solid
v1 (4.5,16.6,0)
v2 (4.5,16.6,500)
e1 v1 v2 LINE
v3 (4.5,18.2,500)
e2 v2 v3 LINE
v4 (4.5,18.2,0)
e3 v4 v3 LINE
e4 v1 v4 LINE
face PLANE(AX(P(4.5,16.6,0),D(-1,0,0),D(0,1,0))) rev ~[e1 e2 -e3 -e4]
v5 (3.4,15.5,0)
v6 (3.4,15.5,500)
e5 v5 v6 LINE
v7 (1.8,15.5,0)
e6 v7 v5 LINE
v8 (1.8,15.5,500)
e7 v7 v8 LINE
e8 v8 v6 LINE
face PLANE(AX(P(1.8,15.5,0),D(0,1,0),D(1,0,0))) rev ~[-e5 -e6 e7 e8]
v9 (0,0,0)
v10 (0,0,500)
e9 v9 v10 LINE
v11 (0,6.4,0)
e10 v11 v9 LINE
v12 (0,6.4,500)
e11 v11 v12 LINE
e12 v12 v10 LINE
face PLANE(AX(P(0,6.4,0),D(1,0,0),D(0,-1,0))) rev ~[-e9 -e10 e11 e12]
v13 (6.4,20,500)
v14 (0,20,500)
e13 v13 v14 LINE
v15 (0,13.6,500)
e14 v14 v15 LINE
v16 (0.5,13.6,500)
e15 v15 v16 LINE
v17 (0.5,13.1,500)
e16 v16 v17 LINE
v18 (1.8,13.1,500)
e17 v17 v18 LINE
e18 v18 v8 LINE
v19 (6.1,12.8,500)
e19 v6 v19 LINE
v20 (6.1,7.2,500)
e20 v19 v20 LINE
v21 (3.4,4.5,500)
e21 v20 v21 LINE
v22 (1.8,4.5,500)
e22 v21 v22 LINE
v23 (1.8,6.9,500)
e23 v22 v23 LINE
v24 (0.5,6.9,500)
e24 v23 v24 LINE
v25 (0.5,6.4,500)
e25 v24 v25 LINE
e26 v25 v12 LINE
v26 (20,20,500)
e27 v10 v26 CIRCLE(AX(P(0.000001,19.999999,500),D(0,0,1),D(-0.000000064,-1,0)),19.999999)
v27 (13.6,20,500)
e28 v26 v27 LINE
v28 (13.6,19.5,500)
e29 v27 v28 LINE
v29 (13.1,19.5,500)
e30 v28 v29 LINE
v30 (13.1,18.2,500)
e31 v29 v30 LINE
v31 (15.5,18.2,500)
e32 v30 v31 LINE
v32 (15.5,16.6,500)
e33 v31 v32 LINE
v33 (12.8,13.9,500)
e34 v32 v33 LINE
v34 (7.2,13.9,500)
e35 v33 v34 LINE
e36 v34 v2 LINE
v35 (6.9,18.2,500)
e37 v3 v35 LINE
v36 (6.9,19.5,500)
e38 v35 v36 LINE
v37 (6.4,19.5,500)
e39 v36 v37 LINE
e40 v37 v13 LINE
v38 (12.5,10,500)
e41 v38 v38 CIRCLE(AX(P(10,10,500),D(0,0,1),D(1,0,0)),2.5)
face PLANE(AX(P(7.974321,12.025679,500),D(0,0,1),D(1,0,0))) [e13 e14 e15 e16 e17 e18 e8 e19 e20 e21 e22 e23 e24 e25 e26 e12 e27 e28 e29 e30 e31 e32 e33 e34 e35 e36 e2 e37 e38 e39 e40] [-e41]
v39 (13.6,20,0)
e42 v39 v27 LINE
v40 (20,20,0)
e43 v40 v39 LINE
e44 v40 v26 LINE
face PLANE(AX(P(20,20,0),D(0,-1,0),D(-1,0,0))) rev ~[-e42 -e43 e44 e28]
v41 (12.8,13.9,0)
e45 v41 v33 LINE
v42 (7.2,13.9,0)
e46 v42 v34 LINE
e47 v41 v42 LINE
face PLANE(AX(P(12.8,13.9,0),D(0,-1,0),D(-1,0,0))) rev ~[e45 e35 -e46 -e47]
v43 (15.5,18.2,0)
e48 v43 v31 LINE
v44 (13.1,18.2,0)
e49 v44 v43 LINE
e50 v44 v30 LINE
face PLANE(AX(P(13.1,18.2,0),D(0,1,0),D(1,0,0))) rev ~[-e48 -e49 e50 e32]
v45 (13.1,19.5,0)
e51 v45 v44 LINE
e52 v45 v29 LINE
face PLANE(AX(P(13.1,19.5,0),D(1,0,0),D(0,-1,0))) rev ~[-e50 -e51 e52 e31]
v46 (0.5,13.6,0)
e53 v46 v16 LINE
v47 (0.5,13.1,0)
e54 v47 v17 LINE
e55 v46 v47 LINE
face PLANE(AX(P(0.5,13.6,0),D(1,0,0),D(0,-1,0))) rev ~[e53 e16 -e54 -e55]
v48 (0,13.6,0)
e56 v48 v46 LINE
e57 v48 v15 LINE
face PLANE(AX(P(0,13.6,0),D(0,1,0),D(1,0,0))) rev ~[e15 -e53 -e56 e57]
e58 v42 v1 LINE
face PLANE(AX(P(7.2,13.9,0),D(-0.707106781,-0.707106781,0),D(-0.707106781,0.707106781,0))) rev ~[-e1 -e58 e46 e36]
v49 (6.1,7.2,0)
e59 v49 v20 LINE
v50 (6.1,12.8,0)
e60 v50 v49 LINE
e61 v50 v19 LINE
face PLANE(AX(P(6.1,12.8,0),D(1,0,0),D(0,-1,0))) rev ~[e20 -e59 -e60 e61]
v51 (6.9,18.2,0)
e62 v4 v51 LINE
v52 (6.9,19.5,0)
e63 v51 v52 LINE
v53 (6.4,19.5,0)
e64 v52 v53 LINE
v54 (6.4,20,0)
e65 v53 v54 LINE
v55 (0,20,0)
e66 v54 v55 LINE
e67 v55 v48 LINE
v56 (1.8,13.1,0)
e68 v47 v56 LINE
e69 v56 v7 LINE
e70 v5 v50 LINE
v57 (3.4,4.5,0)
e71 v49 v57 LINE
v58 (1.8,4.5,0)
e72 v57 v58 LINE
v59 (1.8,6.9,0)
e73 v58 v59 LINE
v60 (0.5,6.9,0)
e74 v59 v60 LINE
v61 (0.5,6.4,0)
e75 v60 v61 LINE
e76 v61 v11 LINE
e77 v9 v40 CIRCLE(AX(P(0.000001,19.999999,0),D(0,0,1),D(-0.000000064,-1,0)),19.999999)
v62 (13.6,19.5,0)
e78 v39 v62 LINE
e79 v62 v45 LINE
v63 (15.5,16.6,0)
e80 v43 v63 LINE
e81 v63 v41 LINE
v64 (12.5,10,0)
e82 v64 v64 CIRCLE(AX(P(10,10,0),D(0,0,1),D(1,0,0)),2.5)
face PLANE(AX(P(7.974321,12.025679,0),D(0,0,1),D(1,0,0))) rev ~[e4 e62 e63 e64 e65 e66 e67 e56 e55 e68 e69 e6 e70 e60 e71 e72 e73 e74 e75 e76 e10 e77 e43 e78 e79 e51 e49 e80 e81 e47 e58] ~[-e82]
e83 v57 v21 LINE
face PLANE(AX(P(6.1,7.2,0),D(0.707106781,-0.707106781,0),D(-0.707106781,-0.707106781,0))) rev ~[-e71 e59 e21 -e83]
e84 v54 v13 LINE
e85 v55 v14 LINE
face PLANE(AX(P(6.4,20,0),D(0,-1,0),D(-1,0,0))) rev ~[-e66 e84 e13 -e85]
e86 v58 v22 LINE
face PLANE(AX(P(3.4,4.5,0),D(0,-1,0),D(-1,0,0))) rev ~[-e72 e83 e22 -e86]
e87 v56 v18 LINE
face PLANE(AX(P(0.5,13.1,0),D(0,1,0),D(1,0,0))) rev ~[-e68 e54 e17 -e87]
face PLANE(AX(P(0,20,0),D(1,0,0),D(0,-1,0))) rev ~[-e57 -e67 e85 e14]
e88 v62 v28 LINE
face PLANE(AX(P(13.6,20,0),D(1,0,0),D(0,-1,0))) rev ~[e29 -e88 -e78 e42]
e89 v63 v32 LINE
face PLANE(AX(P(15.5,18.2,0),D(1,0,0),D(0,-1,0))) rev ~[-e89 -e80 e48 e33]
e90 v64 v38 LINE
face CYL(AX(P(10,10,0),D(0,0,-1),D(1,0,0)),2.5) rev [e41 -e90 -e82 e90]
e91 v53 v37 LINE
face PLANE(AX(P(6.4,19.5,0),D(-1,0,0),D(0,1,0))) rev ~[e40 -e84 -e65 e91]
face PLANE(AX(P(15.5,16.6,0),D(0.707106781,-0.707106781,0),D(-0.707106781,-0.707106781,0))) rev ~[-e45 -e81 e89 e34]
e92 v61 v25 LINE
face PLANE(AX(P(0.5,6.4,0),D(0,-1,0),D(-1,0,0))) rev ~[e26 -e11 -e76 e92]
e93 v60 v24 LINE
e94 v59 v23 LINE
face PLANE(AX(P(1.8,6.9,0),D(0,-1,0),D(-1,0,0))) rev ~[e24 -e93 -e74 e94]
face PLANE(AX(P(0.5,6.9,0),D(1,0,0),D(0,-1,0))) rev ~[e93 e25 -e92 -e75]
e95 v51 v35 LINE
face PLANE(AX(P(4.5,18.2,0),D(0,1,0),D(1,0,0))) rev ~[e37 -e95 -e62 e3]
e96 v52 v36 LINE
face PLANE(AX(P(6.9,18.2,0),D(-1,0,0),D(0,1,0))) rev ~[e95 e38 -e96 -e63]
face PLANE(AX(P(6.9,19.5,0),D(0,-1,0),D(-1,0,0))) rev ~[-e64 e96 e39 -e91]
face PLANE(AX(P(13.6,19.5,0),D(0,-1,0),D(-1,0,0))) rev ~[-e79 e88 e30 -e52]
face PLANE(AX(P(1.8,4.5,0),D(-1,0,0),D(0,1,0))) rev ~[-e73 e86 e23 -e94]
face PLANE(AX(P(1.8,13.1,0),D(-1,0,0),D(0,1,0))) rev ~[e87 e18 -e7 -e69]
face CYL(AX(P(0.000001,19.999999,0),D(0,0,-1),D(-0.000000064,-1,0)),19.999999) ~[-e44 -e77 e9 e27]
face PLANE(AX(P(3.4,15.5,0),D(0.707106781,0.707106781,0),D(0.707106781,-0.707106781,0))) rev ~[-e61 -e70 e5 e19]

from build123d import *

# Parameters (mm, degrees)
F0_R     = 2.5
F1_DEPTH = 500


with BuildPart() as f1:
    # F0 (on Top) → F1 (new body)
    with BuildSketch(Plane.XY):
        with BuildLine():
            Line((0, 6.4), (0, 0))
            ThreePointArc((0, 0), (14.142136, 5.857864), (20, 20))
            Line((20, 20), (13.6, 20))
            Line((13.6, 20), (13.6, 19.5))
            Line((13.6, 19.5), (13.1, 19.5))
            Line((13.1, 19.5), (13.1, 18.2))
            Line((13.1, 18.2), (15.5, 18.2))
            Line((15.5, 18.2), (15.5, 16.6))
            Line((15.5, 16.6), (12.8, 13.9))
            Line((12.8, 13.9), (10, 13.9))
            Line((10, 13.9), (7.2, 13.9))
            Line((7.2, 13.9), (4.5, 16.6))
            Line((4.5, 16.6), (4.5, 18.2))
            Line((4.5, 18.2), (6.9, 18.2))
            Line((6.9, 18.2), (6.9, 19.5))
            Line((6.9, 19.5), (6.4, 19.5))
            Line((6.4, 19.5), (6.4, 20))
            Line((6.4, 20), (0, 20))
            Line((0, 20), (0, 13.6))
            Line((0, 13.6), (0.5, 13.6))
            Line((0.5, 13.6), (0.5, 13.1))
            Line((0.5, 13.1), (1.8, 13.1))
            Line((1.8, 13.1), (1.8, 15.5))
            Line((1.8, 15.5), (3.4, 15.5))
            Line((3.4, 15.5), (6.1, 12.8))
            Line((6.1, 12.8), (6.1, 10))
            Line((6.1, 10), (6.1, 7.2))
            Line((6.1, 7.2), (3.4, 4.5))
            Line((3.4, 4.5), (1.8, 4.5))
            Line((1.8, 4.5), (1.8, 6.9))
            Line((1.8, 6.9), (0.5, 6.9))
            Line((0.5, 6.9), (0.5, 6.4))
            Line((0.5, 6.4), (0, 6.4))
        make_face()
        with Locations((10, 10)):
            Circle(F0_R, mode=Mode.SUBTRACT)
    extrude(amount=F1_DEPTH)


solid = f1.part
